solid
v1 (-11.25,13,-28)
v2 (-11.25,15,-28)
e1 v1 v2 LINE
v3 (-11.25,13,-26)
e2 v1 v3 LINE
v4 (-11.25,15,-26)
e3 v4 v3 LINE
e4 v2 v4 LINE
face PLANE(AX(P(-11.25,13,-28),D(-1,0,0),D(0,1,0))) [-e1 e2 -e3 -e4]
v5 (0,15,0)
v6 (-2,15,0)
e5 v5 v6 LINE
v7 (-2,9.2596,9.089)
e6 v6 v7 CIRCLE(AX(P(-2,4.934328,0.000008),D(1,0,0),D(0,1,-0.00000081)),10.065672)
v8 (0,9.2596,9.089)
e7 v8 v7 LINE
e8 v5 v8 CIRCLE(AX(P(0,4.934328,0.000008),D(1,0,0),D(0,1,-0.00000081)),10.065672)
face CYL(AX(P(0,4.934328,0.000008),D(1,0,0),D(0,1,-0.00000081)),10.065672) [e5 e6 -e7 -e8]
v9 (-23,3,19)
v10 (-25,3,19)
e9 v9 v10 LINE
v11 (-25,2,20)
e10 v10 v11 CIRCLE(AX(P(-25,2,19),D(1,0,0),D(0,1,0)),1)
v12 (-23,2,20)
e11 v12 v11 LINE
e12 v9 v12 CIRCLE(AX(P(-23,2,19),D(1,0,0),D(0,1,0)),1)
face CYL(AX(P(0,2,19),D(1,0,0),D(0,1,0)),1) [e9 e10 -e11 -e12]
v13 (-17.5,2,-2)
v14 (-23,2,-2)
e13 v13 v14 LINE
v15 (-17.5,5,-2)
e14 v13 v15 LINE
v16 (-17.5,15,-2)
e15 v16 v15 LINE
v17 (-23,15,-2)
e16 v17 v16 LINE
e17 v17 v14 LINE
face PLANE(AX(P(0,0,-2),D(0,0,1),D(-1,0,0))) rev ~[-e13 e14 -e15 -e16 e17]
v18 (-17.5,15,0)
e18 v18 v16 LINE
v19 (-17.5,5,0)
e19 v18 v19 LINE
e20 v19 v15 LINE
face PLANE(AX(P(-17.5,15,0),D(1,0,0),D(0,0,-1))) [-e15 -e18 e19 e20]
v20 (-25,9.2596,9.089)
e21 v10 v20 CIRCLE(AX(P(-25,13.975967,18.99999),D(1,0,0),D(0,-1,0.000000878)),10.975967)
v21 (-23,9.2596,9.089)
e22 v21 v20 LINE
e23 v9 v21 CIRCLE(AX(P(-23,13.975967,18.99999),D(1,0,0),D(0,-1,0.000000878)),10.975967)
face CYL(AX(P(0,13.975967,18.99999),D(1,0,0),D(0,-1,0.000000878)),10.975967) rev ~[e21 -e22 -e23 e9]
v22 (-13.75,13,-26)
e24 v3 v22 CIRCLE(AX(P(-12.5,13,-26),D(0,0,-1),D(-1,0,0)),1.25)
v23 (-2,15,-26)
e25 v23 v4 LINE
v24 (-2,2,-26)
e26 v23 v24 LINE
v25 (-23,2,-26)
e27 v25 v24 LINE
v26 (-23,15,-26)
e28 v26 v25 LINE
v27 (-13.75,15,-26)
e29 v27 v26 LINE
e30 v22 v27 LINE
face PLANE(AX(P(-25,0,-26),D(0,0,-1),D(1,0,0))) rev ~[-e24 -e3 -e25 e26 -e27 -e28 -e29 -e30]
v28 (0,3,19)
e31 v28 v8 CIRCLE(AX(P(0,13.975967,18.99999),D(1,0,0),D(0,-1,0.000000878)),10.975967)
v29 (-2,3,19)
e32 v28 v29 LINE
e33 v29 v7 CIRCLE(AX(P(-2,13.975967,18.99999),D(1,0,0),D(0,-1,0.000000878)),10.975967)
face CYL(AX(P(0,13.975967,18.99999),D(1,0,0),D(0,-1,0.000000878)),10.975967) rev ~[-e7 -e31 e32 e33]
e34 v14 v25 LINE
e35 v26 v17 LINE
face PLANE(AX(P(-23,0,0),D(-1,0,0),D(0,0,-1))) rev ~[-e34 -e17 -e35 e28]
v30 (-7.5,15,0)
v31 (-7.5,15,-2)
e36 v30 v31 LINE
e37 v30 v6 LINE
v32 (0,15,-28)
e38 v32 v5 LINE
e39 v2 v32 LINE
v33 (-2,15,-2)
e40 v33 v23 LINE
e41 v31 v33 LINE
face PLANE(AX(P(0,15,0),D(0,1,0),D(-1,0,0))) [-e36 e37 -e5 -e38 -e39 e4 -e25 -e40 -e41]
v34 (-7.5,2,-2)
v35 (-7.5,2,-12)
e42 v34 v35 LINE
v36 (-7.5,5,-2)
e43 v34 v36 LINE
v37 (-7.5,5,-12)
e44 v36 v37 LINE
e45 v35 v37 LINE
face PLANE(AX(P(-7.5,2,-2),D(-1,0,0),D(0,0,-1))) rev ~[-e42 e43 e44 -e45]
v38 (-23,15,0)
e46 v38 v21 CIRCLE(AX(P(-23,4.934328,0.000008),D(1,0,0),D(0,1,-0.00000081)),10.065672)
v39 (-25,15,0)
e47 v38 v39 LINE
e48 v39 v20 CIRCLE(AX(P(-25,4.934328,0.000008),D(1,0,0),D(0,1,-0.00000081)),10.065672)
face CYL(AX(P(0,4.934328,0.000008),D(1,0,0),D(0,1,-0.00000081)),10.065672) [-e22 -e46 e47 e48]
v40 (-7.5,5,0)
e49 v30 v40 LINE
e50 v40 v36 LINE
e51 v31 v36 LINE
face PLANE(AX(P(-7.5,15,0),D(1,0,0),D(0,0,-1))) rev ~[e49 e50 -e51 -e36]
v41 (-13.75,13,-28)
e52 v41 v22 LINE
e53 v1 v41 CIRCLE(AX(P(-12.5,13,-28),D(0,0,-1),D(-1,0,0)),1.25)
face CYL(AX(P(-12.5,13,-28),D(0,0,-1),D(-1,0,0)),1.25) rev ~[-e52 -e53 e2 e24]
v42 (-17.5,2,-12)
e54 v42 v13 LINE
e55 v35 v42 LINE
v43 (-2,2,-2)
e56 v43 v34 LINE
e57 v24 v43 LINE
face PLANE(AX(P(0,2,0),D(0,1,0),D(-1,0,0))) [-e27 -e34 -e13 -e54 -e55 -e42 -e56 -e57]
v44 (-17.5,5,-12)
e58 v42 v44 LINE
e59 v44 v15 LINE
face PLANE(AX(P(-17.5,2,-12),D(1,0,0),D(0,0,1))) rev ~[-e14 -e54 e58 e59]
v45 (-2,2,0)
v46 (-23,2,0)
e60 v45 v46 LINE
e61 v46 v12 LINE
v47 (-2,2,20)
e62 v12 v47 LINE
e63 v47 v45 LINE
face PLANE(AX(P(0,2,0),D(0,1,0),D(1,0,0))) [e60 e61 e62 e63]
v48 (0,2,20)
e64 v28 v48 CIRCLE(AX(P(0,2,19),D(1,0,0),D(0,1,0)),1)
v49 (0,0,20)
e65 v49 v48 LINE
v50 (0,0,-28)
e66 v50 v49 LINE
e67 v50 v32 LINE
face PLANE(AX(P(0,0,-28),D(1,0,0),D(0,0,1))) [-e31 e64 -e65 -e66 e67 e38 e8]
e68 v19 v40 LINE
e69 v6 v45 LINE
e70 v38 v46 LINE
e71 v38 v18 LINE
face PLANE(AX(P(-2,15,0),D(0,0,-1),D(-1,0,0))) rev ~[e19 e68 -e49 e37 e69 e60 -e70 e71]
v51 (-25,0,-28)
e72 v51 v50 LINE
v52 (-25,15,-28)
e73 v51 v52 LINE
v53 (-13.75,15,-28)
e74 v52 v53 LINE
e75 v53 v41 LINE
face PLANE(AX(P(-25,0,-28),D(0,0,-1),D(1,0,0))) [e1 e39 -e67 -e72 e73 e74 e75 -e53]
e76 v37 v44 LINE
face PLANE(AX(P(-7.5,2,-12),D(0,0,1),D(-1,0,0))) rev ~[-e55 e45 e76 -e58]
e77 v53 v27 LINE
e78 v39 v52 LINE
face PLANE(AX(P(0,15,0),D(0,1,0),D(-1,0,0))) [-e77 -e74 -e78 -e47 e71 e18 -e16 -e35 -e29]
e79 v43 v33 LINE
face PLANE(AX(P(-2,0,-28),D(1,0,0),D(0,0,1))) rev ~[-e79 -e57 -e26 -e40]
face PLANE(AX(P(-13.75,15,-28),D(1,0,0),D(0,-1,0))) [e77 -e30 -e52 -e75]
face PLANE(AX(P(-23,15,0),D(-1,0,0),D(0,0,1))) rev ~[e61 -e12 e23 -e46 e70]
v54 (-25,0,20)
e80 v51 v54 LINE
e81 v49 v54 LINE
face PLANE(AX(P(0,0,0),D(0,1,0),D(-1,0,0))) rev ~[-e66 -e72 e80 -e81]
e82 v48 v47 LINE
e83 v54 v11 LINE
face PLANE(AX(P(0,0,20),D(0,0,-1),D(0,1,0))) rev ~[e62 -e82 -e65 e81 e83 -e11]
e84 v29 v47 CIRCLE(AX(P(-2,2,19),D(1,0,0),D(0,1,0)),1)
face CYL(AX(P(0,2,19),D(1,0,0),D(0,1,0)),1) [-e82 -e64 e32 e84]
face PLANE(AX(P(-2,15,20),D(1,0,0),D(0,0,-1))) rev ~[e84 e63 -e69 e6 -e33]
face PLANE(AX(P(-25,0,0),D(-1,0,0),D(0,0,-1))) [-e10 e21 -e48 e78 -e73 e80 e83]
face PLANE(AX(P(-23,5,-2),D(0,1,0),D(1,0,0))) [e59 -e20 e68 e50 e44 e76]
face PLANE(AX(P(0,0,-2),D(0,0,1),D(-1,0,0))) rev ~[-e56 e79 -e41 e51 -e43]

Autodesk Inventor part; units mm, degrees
ref_plane "YZ Plane" through (0, 0, 0) normal (1, 0, 0) x (0, 1, 0)
ref_plane "XZ Plane" through (0, 0, 0) normal (0, 1, 0) x (-1, 0, 0)
ref_plane "XY Plane" through (0, 0, 0) normal (0, 0, 1) x (1, 0, 0)
sketch "Sketch1" plane through (0, 0, 0) normal (0, 1, 0) x (-1, 0, 0)
  line L0 (0, 0) -> (25, 0)
  line L1 (25, 0) -> (25, -28)
  line L2 (25, -28) -> (0, -28)
  line L3 (0, -28) -> (0, 0)
  dimension "d0" = 25
  dimension "d1" = 28
extrude "Extrusion1" add sketch "Sketch1" along normal blind 15
sketch "Sketch2" plane through (0, 15, 0) normal (0, 1, 0) x (1, 0, 0)
  point P0 (0, 0)
shell "Shell1" thickness 2 removed faces 1 at (-8.3333, 15, -9.3333)
sketch "Sketch3" plane through (0, 0, 0) normal (1, 0, 0) x (0, 0, -1)
  point P0 (0, 0)
sketch "Sketch4" plane through (0, 0, 0) normal (1, 0, 0) x (0, 0, -1)
  line L0 (0, 0) -> (0, 15) projected
  line L1 (0, 15) -> (0, 0)
  line L2 (0, 0) -> (-20, 0)
  line L3 (-20, 0) -> (-20, 2)
  arc A0 (-19, 3) -> (-20, 2) centre (-19, 2) ccw
  arc A1 (-19, 3) -> (-9.089, 9.2596) centre (-19, 13.976) ccw
  line L4 (28, 15) -> (0, 15) projected
  arc A2 (0, 15) -> (-9.089, 9.2596) centre (0, 4.9343) ccw
  line L5 (0, 15) -> (28, 15) projected
  dimension "d5" = 20
  dimension "d6" = 2
  dimension "d7" = 1
extrude "Extrusion2" add sketch "Sketch4" against normal blind 25
sketch "Sketch5" plane through (0, 0, -28) normal (0, 0, -1) x (-1, 0, 0)
  circle A0 centre (12.5, 13) radius 1.25
  line L0 (11.25, 13) -> (11.25, 15)
  line L1 (0, 15) -> (25, 15) projected
  line L2 (11.25, 15) -> (13.75, 15)
  line L3 (13.75, 15) -> (13.75, 13)
  point P0 (0, 0)
  dimension "d10" = 2.5
sketch "Sketch6" plane through (0, 0, -28) normal (0, 0, -1) x (-1, 0, 0)
  point P0 (0, 0)
extrude "Extrusion3" cut sketch "Sketch5" against normal up to next
sketch "Sketch7" plane through (-23, 2, -2) normal (0, 1, 0) x (1, 0, 0)
  point P0 (23, -2)
sketch "Sketch8" plane through (0, 15, 0) normal (0, 1, 0) x (1, 0, 0)
  line L0 (-2, 0) -> (-23, 0)
  line L1 (-23, 0) -> (-23, -20)
  line L2 (-23, -20) -> (-2, -20)
  line L3 (-2, -20) -> (-2, 0)
  line L4 (-12.5, 0) -> (-7.5, 0)
  line L5 (-7.5, 0) -> (-7.5, 2)
  line L6 (-7.5, 2) -> (-12.5, 2)
  line L7 (-12.5, 2) -> (-12.5, 0)
  line L8 (-12.5, 0) -> (-17.5, 0)
  line L9 (-17.5, 0) -> (-17.5, 2)
  line L10 (-17.5, 2) -> (-12.5, 2)
  line L11 (-12.5, 2) -> (-12.5, 0)
  point P0 (0, 0)
  dimension "d13" = 21
  dimension "d14" = 20
  dimension "d15" = 5
  dimension "d16" = 2
  dimension "d17" = 5
  dimension "d18" = 2
extrude "Extrusion4" cut sketch "Sketch8" against normal up to surface (13 mm away) contours L3 L2 L1 L0
extrude "Extrusion5" cut sketch "Sketch8" against normal blind 10 contours L0 L7 L6 L5 | L0 L9 L10 L7
sketch "Sketch9" plane through (-23, 2, -2) normal (0, 1, 0) x (1, 0, 0)
  line L0 (5.5, 0) -> (15.5, 0) projected
  line L1 (5.5, 0) -> (15.5, 0)
  line L2 (15.5, 0) -> (15.5, 10)
  line L3 (15.5, 10) -> (5.5, 10)
  line L4 (5.5, 10) -> (5.5, 0)
  point P0 (23, -2)
  dimension "d23" = 10
  dimension "d24" = 10
extrude "Extrusion6" add sketch "Sketch9" along normal up to surface (3 mm away)
properties part number "Holster"
